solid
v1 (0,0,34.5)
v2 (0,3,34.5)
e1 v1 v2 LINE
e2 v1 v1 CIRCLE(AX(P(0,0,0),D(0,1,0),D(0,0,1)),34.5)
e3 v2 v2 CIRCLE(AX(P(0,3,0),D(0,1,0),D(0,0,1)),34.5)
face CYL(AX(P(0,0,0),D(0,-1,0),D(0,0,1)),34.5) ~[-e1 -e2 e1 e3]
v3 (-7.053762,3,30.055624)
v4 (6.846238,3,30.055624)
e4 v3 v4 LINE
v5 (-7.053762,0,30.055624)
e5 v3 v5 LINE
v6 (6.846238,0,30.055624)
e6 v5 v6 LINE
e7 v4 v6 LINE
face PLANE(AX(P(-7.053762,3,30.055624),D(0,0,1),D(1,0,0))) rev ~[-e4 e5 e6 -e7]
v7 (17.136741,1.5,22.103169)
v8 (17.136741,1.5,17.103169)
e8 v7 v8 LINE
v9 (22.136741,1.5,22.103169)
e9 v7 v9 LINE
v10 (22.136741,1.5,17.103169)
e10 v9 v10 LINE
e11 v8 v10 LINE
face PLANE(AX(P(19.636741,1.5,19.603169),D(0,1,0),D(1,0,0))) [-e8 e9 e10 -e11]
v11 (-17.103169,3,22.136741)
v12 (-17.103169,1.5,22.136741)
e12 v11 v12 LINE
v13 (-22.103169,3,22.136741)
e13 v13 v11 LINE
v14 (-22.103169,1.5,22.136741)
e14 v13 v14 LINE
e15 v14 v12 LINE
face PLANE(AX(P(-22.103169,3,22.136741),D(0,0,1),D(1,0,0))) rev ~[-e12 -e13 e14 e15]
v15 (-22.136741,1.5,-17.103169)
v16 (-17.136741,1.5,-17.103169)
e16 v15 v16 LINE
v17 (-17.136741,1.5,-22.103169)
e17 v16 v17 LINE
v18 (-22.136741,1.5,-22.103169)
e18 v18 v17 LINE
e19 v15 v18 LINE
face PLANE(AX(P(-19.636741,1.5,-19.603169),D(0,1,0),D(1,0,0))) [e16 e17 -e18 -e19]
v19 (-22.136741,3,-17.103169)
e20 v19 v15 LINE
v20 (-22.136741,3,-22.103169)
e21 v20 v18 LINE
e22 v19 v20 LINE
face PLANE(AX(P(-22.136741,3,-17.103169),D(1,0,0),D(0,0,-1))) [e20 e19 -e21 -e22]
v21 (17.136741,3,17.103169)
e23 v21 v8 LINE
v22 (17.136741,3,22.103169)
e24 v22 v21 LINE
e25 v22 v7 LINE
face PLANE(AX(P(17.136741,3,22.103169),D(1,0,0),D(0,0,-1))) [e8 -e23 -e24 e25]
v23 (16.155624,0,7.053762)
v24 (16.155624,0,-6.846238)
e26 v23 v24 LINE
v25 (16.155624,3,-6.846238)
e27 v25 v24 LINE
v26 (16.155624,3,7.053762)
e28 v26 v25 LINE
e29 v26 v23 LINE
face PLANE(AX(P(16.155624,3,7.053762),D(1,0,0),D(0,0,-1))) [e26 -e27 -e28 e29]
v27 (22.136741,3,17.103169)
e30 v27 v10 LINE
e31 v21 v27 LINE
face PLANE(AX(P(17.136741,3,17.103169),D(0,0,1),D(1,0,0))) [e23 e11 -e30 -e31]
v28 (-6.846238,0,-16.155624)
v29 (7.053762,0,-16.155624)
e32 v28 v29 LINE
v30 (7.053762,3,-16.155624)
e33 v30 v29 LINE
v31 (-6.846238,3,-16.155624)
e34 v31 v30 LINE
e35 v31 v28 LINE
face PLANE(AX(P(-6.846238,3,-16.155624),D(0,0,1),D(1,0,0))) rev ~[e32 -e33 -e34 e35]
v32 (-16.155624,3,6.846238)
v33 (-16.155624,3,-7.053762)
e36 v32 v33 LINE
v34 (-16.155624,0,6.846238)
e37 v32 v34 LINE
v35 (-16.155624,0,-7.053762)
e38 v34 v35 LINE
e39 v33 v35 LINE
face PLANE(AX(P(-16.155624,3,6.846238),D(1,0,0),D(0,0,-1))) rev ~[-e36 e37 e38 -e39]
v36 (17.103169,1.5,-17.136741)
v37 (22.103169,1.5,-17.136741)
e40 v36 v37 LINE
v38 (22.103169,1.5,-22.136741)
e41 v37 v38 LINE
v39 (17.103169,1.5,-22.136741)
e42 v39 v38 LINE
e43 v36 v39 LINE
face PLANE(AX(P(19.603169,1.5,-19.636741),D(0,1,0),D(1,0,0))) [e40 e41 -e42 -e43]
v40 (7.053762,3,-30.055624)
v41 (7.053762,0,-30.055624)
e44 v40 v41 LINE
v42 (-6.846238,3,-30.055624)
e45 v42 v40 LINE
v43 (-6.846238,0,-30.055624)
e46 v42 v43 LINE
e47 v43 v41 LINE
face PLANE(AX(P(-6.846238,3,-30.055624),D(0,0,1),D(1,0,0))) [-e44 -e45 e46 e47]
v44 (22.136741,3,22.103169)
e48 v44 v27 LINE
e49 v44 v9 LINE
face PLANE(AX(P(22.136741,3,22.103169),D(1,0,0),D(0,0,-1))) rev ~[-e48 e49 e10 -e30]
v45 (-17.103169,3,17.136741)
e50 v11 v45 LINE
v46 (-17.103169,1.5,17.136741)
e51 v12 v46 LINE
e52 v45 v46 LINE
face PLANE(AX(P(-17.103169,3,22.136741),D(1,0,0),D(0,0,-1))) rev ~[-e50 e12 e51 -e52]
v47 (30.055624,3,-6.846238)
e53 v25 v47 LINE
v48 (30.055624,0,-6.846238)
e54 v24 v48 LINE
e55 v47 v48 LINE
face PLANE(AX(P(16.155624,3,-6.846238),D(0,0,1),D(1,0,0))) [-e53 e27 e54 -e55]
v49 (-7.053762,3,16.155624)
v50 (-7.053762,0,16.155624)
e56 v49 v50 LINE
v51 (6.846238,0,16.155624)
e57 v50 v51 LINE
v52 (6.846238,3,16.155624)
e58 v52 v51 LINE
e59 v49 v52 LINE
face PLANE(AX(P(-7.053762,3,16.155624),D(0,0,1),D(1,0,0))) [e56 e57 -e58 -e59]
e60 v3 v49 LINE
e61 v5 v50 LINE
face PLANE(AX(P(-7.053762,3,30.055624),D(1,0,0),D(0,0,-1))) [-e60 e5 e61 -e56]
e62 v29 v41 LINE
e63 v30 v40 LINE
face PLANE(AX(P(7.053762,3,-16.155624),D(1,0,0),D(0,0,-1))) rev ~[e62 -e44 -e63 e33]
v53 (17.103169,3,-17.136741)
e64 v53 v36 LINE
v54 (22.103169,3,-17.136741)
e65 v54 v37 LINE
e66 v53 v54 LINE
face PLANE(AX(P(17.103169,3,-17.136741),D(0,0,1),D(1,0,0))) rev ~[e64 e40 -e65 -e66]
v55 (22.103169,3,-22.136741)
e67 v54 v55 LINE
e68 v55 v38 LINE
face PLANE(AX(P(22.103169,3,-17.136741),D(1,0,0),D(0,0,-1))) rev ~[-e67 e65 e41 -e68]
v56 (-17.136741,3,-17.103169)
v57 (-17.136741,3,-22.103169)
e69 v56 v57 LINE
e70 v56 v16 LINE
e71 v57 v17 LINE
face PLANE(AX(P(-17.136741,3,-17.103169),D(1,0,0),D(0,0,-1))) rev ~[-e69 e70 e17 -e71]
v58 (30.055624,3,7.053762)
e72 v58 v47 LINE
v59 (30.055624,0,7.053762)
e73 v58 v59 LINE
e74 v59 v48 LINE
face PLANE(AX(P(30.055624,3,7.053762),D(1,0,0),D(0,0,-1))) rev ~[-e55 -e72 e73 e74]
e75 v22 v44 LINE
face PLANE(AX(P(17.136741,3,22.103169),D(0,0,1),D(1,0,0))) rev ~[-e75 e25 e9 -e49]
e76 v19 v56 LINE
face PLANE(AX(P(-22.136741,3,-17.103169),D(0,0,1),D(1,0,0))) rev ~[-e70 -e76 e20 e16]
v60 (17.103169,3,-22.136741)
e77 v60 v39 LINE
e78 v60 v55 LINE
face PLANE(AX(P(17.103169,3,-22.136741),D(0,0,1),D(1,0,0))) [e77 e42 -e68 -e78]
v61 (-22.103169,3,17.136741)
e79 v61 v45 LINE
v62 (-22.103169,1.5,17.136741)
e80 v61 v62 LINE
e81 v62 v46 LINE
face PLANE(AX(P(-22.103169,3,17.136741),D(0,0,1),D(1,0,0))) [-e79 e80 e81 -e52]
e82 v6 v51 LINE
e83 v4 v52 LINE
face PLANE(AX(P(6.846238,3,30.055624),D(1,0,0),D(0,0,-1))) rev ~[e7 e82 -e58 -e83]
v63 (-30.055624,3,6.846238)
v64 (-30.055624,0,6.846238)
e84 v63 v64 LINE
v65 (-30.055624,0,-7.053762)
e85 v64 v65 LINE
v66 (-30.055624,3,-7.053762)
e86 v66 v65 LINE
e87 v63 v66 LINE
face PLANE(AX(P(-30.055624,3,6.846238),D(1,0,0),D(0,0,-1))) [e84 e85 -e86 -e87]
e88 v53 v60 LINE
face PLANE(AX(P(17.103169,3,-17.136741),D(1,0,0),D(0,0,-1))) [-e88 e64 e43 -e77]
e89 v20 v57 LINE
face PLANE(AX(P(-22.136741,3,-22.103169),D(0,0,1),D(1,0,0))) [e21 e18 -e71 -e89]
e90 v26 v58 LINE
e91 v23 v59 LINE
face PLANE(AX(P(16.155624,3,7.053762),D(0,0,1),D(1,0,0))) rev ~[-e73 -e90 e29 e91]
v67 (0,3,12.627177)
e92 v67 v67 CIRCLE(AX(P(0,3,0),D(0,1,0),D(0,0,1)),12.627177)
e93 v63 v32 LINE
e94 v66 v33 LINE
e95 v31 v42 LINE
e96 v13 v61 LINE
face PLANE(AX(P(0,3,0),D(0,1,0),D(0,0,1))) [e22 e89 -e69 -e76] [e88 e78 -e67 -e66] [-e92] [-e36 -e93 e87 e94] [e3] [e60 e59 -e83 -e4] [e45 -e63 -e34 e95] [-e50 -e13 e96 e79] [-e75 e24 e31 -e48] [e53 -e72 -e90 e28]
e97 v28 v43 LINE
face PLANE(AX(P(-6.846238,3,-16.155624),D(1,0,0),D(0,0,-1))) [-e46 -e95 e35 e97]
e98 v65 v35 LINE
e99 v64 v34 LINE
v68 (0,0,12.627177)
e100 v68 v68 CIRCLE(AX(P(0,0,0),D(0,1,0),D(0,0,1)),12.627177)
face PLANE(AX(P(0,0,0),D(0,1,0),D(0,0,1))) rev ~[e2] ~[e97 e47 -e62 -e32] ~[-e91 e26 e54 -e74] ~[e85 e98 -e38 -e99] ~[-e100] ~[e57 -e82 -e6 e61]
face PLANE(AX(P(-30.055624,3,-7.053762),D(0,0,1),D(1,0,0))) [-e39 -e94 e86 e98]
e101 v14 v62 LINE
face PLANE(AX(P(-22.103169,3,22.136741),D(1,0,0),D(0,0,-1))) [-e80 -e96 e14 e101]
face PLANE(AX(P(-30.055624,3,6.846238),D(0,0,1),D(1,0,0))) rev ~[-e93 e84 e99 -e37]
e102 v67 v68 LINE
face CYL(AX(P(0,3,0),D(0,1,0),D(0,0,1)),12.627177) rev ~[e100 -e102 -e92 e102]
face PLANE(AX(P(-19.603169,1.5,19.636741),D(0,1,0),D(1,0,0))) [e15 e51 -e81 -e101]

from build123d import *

# Parameters (mm, degrees)
SKETCH1_R           = 34.5
BOSS_EXTRUDE1_DEPTH = 3
SKETCH3_W           = 13.9
SKETCH3_H           = 13.9
CUT_EXTRUDE1_DEPTH  = 49.88251221
SKETCH4_R           = 12.627177327
CUT_EXTRUDE2_DEPTH  = 49.88251221
SKETCH5_W           = 5
SKETCH5_H           = 5
CUT_EXTRUDE3_DEPTH  = 1.5


with BuildPart() as part:
    # Sketch1 → Boss-Extrude1 (new body)
    with BuildSketch(Plane(origin=(0, 0, 0), x_dir=(1, 0, 0), z_dir=(0, 1, 0))):
        with Locations(Location((0, 0, 0), (0, 0, 270))):
            Circle(SKETCH1_R)
    extrude(amount=BOSS_EXTRUDE1_DEPTH)

    # Sketch3 → Cut-Extrude1 (cut, through all)
    with BuildSketch(Plane(origin=(0, 3, 0), x_dir=(1, 0, 0), z_dir=(0, 1, 0))):
        with Locations((23.105624339, -0.103761809)):
            Rectangle(SKETCH3_W, SKETCH3_H)
        with Locations((0.103761809, 23.105624339)):
            Rectangle(SKETCH3_W, SKETCH3_H)
        with Locations((-0.103761809, -23.105624339)):
            Rectangle(SKETCH3_W, SKETCH3_H)
        with Locations((-23.105624339, 0.103761809)):
            Rectangle(SKETCH3_W, SKETCH3_H)
    extrude(amount=-CUT_EXTRUDE1_DEPTH, mode=Mode.SUBTRACT)

    # Sketch4 → Cut-Extrude2 (cut, through all)
    with BuildSketch(Plane(origin=(0, 3, 0), x_dir=(1, 0, 0), z_dir=(0, 1, 0))):
        with Locations(Location((0, 0, 0), (0, 0, 270))):
            Circle(SKETCH4_R)
    extrude(amount=-CUT_EXTRUDE2_DEPTH, mode=Mode.SUBTRACT)

    # Sketch5 → Cut-Extrude3 (cut)
    with BuildSketch(Plane(origin=(0, 3, 0), x_dir=(1, 0, 0), z_dir=(0, 1, 0))):
        with Locations((19.603168608, 19.636741271)):
            Rectangle(SKETCH5_W, SKETCH5_H)
        with Locations((-19.636741271, 19.603168608)):
            Rectangle(SKETCH5_W, SKETCH5_H)
        with Locations((19.636741271, -19.603168608)):
            Rectangle(SKETCH5_W, SKETCH5_H)
        with Locations((-19.603168608, -19.636741271)):
            Rectangle(SKETCH5_W, SKETCH5_H)
    extrude(amount=-CUT_EXTRUDE3_DEPTH, mode=Mode.SUBTRACT)


solid = part.part
